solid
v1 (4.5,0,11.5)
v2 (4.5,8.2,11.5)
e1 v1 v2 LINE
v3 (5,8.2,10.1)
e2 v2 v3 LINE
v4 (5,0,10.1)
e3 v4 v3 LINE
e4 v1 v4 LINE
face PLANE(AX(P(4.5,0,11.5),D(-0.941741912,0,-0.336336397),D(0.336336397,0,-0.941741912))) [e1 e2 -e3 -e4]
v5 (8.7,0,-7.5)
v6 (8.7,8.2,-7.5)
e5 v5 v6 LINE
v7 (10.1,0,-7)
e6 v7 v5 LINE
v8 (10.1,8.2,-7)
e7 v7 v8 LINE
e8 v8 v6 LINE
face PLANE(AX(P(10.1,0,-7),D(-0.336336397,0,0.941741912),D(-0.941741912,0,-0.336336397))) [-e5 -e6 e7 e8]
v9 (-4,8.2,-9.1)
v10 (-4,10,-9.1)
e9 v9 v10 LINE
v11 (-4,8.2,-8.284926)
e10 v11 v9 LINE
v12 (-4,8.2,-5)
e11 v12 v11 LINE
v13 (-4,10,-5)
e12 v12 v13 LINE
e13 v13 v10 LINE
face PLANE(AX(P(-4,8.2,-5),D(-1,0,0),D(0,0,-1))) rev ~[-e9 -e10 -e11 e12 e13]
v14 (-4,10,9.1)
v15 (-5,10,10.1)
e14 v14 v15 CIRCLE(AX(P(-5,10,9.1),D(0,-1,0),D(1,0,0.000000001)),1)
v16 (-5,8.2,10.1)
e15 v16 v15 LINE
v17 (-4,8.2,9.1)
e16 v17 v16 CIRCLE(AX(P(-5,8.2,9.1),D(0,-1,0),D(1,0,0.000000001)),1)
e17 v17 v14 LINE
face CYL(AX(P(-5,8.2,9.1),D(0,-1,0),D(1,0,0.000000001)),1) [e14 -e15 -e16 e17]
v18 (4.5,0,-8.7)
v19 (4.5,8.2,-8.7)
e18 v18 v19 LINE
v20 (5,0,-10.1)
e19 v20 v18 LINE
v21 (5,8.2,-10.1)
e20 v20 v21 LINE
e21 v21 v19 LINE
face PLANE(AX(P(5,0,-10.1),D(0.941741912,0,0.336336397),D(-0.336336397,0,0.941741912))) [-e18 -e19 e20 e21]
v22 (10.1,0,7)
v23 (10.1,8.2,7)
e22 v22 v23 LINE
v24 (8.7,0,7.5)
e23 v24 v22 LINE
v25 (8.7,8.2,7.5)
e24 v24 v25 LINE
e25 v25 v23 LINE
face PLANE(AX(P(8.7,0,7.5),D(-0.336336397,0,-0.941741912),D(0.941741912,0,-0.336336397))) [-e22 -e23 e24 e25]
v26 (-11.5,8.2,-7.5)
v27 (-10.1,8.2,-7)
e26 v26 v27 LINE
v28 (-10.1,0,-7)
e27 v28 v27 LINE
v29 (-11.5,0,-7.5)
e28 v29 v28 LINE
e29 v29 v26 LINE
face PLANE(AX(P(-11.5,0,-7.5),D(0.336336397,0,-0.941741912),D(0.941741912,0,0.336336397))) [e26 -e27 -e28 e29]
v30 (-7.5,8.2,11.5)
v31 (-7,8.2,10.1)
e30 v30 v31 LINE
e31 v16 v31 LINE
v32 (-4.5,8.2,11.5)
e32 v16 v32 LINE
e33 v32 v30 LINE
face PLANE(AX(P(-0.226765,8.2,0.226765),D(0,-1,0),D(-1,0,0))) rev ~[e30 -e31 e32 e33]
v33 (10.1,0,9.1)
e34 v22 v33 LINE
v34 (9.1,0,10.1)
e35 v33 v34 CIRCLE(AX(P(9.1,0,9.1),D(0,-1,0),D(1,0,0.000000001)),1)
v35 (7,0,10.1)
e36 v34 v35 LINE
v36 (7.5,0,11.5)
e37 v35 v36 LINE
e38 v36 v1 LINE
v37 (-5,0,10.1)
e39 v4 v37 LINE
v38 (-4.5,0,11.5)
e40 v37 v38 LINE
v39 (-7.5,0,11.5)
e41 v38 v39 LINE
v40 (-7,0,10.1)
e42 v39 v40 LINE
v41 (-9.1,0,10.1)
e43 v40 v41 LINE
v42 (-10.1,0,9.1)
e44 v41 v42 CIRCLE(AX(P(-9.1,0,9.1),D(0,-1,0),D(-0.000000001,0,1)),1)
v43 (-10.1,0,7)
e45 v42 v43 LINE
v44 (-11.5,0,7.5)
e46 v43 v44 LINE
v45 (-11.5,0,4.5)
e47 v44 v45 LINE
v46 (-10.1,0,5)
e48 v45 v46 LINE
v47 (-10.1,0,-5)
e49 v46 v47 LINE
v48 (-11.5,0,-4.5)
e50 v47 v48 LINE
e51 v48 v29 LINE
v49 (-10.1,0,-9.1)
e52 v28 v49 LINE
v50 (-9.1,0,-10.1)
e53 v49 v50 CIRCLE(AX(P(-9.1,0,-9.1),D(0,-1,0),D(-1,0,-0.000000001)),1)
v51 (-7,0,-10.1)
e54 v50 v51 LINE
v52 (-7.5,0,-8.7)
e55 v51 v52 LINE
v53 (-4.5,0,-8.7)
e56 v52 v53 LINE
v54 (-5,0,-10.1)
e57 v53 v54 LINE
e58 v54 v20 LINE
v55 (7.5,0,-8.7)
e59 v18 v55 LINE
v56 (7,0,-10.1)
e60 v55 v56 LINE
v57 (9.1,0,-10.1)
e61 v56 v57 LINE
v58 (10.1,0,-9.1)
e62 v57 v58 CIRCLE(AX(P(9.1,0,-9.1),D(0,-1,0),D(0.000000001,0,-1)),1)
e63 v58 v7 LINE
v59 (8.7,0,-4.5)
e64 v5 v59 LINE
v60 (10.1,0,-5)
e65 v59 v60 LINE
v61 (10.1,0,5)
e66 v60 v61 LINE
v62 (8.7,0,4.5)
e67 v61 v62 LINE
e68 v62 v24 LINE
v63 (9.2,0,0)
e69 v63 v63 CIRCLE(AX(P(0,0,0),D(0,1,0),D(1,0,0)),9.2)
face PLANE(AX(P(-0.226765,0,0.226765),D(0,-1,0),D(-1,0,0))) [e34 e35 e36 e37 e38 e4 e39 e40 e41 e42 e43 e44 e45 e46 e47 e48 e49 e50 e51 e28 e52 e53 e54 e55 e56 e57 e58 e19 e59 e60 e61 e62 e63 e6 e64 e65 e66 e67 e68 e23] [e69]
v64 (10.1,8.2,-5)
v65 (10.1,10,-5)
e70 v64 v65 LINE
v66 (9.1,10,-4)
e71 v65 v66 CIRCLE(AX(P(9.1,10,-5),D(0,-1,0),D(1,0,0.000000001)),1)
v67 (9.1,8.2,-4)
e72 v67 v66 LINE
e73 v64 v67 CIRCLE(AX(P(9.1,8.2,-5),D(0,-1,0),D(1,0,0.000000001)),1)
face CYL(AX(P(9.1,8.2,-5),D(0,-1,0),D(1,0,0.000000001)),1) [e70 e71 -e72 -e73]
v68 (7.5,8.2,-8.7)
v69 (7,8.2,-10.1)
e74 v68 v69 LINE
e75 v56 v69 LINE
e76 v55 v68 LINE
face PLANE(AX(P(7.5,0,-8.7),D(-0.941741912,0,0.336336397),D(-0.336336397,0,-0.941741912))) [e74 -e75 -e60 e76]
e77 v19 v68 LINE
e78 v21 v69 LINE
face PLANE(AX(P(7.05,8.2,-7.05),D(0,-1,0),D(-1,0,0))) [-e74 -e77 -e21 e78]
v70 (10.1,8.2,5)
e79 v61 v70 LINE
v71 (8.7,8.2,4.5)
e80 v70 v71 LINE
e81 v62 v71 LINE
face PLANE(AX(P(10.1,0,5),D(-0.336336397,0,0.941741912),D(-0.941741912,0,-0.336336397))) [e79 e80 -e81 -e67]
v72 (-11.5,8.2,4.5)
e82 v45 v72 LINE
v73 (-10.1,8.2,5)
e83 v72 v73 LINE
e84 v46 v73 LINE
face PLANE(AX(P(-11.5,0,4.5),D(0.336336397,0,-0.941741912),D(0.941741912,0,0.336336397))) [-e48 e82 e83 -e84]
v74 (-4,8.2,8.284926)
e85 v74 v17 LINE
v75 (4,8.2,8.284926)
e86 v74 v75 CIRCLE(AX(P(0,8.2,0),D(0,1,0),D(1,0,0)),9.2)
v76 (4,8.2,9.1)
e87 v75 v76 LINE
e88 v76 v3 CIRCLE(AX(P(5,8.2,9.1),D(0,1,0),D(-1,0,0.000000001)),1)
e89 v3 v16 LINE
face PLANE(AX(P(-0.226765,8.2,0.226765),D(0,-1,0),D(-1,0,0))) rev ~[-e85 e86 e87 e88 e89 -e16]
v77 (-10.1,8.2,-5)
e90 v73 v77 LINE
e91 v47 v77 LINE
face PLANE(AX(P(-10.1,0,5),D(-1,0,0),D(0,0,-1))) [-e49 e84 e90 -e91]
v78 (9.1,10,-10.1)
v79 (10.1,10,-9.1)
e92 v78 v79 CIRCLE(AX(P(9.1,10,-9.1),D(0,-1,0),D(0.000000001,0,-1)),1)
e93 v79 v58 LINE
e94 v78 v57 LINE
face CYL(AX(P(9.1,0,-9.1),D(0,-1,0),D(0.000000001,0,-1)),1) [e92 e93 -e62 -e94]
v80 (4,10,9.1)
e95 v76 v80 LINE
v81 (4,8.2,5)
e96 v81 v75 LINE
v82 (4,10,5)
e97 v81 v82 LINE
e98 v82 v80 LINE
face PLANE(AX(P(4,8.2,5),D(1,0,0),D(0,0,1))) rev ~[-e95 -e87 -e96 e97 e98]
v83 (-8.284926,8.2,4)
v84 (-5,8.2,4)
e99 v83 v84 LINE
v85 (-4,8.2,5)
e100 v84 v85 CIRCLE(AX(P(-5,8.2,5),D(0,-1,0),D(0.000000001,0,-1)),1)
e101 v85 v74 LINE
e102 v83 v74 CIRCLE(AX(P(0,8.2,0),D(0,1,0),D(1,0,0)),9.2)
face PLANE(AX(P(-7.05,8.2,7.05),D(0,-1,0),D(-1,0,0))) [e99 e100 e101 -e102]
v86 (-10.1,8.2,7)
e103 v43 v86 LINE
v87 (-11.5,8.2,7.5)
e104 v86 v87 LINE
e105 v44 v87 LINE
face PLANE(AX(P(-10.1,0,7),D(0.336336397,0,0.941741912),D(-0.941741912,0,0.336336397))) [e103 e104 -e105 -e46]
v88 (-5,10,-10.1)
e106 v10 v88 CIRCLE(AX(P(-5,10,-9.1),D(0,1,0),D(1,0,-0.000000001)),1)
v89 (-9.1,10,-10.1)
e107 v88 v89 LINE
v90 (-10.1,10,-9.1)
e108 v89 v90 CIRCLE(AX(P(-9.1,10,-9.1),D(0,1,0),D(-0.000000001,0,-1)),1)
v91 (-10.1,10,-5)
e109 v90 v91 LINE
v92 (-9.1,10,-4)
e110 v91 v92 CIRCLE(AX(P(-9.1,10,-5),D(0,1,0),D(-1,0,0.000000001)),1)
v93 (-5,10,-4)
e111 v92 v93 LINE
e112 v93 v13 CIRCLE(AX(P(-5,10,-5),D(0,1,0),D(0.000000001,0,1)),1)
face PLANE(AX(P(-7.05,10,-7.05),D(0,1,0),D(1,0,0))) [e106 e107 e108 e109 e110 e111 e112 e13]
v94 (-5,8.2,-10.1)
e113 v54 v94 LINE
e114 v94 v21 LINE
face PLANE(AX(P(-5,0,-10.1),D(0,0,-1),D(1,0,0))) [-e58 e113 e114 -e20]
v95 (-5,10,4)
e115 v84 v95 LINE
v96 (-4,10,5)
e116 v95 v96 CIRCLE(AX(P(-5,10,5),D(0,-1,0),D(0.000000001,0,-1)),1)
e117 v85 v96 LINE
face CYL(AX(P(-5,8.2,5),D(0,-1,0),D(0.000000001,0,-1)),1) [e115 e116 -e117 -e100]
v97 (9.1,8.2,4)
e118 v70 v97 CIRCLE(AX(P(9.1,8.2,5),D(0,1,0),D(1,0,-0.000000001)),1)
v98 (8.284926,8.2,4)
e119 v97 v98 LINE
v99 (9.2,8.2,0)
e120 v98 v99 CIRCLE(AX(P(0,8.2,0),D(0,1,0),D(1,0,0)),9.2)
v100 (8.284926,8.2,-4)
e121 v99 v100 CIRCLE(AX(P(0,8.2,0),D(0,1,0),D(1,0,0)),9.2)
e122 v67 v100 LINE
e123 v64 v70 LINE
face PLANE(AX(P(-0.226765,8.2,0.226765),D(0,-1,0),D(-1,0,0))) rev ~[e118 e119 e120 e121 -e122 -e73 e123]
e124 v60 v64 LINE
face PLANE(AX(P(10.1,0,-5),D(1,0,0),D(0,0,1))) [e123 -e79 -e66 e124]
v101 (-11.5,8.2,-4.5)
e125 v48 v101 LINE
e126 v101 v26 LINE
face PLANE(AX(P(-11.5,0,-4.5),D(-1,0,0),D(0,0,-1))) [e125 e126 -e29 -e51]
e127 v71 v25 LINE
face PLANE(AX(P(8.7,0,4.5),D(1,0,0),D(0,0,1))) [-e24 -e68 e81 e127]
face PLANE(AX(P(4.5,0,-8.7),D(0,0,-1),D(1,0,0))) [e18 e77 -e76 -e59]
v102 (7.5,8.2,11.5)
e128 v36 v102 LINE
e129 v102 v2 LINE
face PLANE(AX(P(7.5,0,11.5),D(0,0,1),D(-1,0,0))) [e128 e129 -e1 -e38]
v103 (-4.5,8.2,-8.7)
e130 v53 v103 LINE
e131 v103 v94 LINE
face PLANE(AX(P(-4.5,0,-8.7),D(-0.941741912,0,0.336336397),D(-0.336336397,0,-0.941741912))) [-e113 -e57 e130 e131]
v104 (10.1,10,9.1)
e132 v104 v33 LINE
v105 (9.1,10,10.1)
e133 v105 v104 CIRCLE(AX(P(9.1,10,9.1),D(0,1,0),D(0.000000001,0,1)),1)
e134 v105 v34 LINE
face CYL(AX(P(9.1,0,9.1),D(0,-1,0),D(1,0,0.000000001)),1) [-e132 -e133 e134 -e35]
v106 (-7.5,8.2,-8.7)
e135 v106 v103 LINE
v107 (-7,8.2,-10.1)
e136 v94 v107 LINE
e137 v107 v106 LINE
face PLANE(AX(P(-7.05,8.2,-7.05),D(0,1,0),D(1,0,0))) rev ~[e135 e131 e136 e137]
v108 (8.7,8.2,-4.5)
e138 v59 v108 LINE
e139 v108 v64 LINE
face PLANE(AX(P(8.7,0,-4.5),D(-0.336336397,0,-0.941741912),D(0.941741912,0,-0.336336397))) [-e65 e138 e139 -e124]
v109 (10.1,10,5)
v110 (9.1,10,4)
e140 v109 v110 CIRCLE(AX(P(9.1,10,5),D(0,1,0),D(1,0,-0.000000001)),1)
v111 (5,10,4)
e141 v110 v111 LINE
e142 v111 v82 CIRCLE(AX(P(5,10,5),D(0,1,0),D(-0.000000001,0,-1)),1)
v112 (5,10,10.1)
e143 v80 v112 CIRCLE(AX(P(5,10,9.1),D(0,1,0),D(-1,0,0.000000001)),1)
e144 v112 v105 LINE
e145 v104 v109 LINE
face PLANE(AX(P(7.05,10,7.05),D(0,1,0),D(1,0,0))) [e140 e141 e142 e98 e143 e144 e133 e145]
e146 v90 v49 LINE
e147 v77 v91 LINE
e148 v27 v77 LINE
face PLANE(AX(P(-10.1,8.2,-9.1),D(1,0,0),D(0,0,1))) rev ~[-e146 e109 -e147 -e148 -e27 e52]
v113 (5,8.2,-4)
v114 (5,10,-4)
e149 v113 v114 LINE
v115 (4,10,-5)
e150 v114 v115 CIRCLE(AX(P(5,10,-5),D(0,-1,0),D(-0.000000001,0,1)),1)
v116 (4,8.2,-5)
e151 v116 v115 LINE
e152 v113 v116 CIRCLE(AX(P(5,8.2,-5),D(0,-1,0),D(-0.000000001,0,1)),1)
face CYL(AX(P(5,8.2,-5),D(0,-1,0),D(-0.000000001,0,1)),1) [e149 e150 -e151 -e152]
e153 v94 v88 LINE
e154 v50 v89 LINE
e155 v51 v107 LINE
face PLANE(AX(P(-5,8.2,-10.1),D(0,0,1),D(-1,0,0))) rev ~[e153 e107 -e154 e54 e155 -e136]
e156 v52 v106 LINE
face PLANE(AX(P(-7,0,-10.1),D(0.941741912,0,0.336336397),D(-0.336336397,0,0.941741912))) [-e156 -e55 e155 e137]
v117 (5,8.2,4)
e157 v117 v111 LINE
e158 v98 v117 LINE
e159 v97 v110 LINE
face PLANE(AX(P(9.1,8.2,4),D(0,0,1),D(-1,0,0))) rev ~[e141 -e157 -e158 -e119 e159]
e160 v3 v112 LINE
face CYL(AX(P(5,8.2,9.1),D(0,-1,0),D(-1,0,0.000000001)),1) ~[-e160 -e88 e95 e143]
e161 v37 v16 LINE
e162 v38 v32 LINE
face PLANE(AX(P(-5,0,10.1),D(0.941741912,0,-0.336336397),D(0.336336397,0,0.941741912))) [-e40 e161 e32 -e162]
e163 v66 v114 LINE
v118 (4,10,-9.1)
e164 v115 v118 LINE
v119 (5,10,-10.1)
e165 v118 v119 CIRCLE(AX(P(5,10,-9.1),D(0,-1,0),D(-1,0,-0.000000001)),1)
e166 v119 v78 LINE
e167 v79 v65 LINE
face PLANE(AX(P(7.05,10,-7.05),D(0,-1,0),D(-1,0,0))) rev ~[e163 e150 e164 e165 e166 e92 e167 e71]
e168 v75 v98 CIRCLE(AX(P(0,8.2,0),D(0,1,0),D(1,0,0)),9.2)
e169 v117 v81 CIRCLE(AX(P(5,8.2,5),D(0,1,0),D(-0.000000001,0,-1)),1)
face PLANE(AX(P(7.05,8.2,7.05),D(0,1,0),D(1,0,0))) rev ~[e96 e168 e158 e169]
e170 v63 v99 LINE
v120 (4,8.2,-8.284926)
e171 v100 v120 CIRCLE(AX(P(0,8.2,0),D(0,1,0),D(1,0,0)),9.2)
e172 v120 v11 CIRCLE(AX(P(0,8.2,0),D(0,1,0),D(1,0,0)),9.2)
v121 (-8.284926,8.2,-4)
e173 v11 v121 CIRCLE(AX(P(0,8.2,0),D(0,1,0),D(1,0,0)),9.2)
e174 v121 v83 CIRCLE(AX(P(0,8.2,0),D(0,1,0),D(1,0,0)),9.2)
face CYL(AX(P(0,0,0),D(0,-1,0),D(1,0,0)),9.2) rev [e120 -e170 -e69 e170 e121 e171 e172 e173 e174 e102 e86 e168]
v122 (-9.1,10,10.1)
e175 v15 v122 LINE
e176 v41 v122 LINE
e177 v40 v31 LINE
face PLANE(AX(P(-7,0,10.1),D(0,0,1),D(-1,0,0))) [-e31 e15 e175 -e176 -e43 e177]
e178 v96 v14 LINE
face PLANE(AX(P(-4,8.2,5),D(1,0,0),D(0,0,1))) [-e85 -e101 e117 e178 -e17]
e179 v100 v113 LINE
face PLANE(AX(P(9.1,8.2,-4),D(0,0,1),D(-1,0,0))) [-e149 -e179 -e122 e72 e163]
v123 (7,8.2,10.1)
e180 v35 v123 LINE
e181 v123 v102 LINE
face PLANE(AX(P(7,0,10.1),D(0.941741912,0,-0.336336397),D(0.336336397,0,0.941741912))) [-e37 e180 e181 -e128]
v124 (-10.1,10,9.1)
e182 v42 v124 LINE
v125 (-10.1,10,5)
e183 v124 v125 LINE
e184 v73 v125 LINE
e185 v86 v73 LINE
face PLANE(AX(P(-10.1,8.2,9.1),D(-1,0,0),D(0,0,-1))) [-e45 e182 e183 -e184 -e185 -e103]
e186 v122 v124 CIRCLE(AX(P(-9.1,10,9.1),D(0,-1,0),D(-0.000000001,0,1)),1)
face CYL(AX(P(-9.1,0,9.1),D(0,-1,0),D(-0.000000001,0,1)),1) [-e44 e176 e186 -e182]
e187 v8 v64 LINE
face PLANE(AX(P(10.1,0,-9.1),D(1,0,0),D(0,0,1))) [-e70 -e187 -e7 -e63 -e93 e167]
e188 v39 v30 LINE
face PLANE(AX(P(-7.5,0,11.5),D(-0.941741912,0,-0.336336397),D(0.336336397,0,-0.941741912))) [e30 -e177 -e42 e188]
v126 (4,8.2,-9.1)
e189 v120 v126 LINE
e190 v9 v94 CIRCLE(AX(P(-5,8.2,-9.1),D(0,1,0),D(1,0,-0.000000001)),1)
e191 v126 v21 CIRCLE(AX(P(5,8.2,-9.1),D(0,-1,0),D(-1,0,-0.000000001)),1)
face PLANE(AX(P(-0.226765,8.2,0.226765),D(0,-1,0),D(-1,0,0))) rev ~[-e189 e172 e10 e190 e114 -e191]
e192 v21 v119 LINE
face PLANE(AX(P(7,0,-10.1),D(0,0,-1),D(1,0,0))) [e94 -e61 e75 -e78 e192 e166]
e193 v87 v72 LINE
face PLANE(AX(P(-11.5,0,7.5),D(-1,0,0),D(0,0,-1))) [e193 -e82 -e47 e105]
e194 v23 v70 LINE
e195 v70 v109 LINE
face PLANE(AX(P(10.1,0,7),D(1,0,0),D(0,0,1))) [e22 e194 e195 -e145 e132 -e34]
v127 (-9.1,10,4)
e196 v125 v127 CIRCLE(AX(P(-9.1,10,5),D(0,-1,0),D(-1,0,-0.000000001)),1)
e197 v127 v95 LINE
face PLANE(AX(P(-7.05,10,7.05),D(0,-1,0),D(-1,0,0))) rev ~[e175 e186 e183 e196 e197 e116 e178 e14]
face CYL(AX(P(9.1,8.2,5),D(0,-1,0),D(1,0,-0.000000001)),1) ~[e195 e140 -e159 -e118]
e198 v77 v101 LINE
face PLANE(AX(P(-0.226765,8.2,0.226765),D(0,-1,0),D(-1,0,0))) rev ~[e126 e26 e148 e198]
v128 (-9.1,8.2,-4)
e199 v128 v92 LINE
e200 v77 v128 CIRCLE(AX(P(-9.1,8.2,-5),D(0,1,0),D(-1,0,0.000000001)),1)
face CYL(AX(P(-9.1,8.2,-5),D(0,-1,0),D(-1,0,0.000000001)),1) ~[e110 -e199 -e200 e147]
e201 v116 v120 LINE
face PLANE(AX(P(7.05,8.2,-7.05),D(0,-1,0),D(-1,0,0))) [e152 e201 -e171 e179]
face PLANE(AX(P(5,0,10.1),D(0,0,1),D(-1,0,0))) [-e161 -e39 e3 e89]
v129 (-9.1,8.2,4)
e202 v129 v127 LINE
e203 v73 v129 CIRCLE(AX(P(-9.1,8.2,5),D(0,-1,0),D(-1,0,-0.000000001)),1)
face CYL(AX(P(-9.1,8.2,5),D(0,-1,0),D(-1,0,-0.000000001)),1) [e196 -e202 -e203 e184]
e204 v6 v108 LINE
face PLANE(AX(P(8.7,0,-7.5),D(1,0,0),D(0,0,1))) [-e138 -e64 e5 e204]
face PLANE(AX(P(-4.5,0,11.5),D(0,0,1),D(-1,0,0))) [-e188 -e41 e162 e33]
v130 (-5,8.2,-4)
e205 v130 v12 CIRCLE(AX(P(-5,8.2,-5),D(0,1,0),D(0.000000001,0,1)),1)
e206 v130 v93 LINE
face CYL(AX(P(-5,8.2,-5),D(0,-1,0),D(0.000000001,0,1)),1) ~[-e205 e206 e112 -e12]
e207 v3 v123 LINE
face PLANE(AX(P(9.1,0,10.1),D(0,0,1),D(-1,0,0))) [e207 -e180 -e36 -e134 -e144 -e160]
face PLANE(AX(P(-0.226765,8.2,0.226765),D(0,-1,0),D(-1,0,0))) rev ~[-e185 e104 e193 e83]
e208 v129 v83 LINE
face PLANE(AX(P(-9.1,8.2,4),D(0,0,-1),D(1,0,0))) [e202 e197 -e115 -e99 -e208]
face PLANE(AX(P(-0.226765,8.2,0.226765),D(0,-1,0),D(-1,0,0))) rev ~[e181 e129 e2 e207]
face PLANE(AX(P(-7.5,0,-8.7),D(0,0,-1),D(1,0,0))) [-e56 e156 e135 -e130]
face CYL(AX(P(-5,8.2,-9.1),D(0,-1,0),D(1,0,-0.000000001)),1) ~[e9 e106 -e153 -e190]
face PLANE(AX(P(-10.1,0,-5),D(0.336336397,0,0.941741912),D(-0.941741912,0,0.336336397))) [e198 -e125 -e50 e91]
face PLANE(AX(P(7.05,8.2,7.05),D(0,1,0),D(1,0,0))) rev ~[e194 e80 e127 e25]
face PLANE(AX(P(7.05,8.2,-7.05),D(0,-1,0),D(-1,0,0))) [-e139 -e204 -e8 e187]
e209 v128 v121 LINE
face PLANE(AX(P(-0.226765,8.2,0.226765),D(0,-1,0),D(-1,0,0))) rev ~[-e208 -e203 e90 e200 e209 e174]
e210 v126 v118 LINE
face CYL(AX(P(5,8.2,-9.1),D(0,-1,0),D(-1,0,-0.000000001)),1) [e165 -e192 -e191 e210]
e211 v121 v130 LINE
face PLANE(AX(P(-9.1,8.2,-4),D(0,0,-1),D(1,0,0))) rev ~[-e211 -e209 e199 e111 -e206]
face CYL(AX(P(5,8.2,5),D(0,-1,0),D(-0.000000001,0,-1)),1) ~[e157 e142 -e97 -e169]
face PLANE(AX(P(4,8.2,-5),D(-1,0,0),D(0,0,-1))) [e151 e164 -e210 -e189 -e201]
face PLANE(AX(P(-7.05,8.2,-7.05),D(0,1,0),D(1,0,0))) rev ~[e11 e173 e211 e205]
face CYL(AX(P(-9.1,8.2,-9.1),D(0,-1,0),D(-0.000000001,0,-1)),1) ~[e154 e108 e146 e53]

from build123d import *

# Parameters (mm, degrees)
SKETCH1_R           = 9.2
BOSS_EXTRUDE1_DEPTH = 8.2
BOSS_EXTRUDE2_DEPTH = 1.8


with BuildPart() as part:
    # Sketch1 → Boss-Extrude1 (new body)
    with BuildSketch(Plane(origin=(0, 0, 0), x_dir=(1, 0, 0), z_dir=(0, 1, 0))):
        with BuildLine():
            Line((-9.1, 10.1), (-7, 10.1))
            Line((-7, 10.1), (-7.5, 8.7))
            Line((-7.5, 8.7), (-4.5, 8.7))
            Line((-4.5, 8.7), (-5, 10.1))
            Line((-5, 10.1), (5, 10.1))
            Line((5, 10.1), (4.5, 8.7))
            Line((4.5, 8.7), (7.5, 8.7))
            Line((7.5, 8.7), (7, 10.1))
            Line((7, 10.1), (9.1, 10.1))
            ThreePointArc((9.1, 10.1), (9.807106781, 9.807106781), (10.1, 9.1))
            Line((10.1, 9.1), (10.1, 7))
            Line((10.1, 7), (8.7, 7.5))
            Line((8.7, 7.5), (8.7, 4.5))
            Line((8.7, 4.5), (10.1, 5))
            Line((10.1, 5), (10.1, -5))
            Line((10.1, -5), (8.7, -4.5))
            Line((8.7, -4.5), (8.7, -7.5))
            Line((8.7, -7.5), (10.1, -7))
            Line((10.1, -7), (10.1, -9.1))
            ThreePointArc((10.1, -9.1), (9.807106781, -9.807106781), (9.1, -10.1))
            Line((9.1, -10.1), (7, -10.1))
            Line((7, -10.1), (7.5, -11.5))
            Line((7.5, -11.5), (4.5, -11.5))
            Line((4.5, -11.5), (5, -10.1))
            Line((5, -10.1), (-5, -10.1))
            Line((-5, -10.1), (-4.5, -11.5))
            Line((-4.5, -11.5), (-7.5, -11.5))
            Line((-7.5, -11.5), (-7, -10.1))
            Line((-7, -10.1), (-9.1, -10.1))
            ThreePointArc((-9.1, -10.1), (-9.807106781, -9.807106781), (-10.1, -9.1))
            Line((-10.1, -9.1), (-10.1, -7))
            Line((-10.1, -7), (-11.5, -7.5))
            Line((-11.5, -7.5), (-11.5, -4.5))
            Line((-11.5, -4.5), (-10.1, -5))
            Line((-10.1, -5), (-10.1, 5))
            Line((-10.1, 5), (-11.5, 4.5))
            Line((-11.5, 4.5), (-11.5, 7.5))
            Line((-11.5, 7.5), (-10.1, 7))
            Line((-10.1, 7), (-10.1, 9.1))
            ThreePointArc((-10.1, 9.1), (-9.807106781, 9.807106781), (-9.1, 10.1))
        make_face()
        Circle(SKETCH1_R, mode=Mode.SUBTRACT)
    extrude(amount=BOSS_EXTRUDE1_DEPTH)

    # Sketch2 → Boss-Extrude2 (add)
    with BuildSketch(Plane(origin=(0, 8.2, 0), x_dir=(1, 0, 0), z_dir=(0, 1, 0))):
        with BuildLine():
            Line((-9.1, 4), (-5, 4))
            ThreePointArc((-5, 4), (-4.292893219, 4.292893219), (-4, 5))
            Line((-4, 5), (-4, 9.1))
            ThreePointArc((-4, 9.1), (-4.292893219, 9.807106781), (-5, 10.1))
            Line((-5, 10.1), (-9.1, 10.1))
            ThreePointArc((-9.1, 10.1), (-9.807106781, 9.807106781), (-10.1, 9.1))
            Line((-10.1, 9.1), (-10.1, 5))
            ThreePointArc((-10.1, 5), (-9.807106781, 4.292893219), (-9.1, 4))
        make_face()
        with BuildLine():
            Line((10.1, 9.1), (10.1, 5))
            ThreePointArc((10.1, 5), (9.807106781, 4.292893219), (9.1, 4))
            Line((9.1, 4), (5, 4))
            ThreePointArc((5, 4), (4.292893219, 4.292893219), (4, 5))
            Line((4, 5), (4, 9.1))
            ThreePointArc((4, 9.1), (4.292893219, 9.807106781), (5, 10.1))
            Line((5, 10.1), (9.1, 10.1))
            ThreePointArc((9.1, 10.1), (9.807106781, 9.807106781), (10.1, 9.1))
        make_face()
        with BuildLine():
            Line((9.1, -4), (5, -4))
            ThreePointArc((5, -4), (4.292893219, -4.292893219), (4, -5))
            Line((4, -5), (4, -9.1))
            ThreePointArc((4, -9.1), (4.292893219, -9.807106781), (5, -10.1))
            Line((5, -10.1), (9.1, -10.1))
            ThreePointArc((9.1, -10.1), (9.807106781, -9.807106781), (10.1, -9.1))
            Line((10.1, -9.1), (10.1, -5))
            ThreePointArc((10.1, -5), (9.807106781, -4.292893219), (9.1, -4))
        make_face()
        with BuildLine():
            Line((-4, -5), (-4, -9.1))
            ThreePointArc((-4, -9.1), (-4.292893219, -9.807106781), (-5, -10.1))
            Line((-5, -10.1), (-9.1, -10.1))
            ThreePointArc((-9.1, -10.1), (-9.807106781, -9.807106781), (-10.1, -9.1))
            Line((-10.1, -9.1), (-10.1, -5))
            ThreePointArc((-10.1, -5), (-9.807106781, -4.292893219), (-9.1, -4))
            Line((-9.1, -4), (-5, -4))
            ThreePointArc((-5, -4), (-4.292893219, -4.292893219), (-4, -5))
        make_face()
    extrude(amount=BOSS_EXTRUDE2_DEPTH)


solid = part.part
